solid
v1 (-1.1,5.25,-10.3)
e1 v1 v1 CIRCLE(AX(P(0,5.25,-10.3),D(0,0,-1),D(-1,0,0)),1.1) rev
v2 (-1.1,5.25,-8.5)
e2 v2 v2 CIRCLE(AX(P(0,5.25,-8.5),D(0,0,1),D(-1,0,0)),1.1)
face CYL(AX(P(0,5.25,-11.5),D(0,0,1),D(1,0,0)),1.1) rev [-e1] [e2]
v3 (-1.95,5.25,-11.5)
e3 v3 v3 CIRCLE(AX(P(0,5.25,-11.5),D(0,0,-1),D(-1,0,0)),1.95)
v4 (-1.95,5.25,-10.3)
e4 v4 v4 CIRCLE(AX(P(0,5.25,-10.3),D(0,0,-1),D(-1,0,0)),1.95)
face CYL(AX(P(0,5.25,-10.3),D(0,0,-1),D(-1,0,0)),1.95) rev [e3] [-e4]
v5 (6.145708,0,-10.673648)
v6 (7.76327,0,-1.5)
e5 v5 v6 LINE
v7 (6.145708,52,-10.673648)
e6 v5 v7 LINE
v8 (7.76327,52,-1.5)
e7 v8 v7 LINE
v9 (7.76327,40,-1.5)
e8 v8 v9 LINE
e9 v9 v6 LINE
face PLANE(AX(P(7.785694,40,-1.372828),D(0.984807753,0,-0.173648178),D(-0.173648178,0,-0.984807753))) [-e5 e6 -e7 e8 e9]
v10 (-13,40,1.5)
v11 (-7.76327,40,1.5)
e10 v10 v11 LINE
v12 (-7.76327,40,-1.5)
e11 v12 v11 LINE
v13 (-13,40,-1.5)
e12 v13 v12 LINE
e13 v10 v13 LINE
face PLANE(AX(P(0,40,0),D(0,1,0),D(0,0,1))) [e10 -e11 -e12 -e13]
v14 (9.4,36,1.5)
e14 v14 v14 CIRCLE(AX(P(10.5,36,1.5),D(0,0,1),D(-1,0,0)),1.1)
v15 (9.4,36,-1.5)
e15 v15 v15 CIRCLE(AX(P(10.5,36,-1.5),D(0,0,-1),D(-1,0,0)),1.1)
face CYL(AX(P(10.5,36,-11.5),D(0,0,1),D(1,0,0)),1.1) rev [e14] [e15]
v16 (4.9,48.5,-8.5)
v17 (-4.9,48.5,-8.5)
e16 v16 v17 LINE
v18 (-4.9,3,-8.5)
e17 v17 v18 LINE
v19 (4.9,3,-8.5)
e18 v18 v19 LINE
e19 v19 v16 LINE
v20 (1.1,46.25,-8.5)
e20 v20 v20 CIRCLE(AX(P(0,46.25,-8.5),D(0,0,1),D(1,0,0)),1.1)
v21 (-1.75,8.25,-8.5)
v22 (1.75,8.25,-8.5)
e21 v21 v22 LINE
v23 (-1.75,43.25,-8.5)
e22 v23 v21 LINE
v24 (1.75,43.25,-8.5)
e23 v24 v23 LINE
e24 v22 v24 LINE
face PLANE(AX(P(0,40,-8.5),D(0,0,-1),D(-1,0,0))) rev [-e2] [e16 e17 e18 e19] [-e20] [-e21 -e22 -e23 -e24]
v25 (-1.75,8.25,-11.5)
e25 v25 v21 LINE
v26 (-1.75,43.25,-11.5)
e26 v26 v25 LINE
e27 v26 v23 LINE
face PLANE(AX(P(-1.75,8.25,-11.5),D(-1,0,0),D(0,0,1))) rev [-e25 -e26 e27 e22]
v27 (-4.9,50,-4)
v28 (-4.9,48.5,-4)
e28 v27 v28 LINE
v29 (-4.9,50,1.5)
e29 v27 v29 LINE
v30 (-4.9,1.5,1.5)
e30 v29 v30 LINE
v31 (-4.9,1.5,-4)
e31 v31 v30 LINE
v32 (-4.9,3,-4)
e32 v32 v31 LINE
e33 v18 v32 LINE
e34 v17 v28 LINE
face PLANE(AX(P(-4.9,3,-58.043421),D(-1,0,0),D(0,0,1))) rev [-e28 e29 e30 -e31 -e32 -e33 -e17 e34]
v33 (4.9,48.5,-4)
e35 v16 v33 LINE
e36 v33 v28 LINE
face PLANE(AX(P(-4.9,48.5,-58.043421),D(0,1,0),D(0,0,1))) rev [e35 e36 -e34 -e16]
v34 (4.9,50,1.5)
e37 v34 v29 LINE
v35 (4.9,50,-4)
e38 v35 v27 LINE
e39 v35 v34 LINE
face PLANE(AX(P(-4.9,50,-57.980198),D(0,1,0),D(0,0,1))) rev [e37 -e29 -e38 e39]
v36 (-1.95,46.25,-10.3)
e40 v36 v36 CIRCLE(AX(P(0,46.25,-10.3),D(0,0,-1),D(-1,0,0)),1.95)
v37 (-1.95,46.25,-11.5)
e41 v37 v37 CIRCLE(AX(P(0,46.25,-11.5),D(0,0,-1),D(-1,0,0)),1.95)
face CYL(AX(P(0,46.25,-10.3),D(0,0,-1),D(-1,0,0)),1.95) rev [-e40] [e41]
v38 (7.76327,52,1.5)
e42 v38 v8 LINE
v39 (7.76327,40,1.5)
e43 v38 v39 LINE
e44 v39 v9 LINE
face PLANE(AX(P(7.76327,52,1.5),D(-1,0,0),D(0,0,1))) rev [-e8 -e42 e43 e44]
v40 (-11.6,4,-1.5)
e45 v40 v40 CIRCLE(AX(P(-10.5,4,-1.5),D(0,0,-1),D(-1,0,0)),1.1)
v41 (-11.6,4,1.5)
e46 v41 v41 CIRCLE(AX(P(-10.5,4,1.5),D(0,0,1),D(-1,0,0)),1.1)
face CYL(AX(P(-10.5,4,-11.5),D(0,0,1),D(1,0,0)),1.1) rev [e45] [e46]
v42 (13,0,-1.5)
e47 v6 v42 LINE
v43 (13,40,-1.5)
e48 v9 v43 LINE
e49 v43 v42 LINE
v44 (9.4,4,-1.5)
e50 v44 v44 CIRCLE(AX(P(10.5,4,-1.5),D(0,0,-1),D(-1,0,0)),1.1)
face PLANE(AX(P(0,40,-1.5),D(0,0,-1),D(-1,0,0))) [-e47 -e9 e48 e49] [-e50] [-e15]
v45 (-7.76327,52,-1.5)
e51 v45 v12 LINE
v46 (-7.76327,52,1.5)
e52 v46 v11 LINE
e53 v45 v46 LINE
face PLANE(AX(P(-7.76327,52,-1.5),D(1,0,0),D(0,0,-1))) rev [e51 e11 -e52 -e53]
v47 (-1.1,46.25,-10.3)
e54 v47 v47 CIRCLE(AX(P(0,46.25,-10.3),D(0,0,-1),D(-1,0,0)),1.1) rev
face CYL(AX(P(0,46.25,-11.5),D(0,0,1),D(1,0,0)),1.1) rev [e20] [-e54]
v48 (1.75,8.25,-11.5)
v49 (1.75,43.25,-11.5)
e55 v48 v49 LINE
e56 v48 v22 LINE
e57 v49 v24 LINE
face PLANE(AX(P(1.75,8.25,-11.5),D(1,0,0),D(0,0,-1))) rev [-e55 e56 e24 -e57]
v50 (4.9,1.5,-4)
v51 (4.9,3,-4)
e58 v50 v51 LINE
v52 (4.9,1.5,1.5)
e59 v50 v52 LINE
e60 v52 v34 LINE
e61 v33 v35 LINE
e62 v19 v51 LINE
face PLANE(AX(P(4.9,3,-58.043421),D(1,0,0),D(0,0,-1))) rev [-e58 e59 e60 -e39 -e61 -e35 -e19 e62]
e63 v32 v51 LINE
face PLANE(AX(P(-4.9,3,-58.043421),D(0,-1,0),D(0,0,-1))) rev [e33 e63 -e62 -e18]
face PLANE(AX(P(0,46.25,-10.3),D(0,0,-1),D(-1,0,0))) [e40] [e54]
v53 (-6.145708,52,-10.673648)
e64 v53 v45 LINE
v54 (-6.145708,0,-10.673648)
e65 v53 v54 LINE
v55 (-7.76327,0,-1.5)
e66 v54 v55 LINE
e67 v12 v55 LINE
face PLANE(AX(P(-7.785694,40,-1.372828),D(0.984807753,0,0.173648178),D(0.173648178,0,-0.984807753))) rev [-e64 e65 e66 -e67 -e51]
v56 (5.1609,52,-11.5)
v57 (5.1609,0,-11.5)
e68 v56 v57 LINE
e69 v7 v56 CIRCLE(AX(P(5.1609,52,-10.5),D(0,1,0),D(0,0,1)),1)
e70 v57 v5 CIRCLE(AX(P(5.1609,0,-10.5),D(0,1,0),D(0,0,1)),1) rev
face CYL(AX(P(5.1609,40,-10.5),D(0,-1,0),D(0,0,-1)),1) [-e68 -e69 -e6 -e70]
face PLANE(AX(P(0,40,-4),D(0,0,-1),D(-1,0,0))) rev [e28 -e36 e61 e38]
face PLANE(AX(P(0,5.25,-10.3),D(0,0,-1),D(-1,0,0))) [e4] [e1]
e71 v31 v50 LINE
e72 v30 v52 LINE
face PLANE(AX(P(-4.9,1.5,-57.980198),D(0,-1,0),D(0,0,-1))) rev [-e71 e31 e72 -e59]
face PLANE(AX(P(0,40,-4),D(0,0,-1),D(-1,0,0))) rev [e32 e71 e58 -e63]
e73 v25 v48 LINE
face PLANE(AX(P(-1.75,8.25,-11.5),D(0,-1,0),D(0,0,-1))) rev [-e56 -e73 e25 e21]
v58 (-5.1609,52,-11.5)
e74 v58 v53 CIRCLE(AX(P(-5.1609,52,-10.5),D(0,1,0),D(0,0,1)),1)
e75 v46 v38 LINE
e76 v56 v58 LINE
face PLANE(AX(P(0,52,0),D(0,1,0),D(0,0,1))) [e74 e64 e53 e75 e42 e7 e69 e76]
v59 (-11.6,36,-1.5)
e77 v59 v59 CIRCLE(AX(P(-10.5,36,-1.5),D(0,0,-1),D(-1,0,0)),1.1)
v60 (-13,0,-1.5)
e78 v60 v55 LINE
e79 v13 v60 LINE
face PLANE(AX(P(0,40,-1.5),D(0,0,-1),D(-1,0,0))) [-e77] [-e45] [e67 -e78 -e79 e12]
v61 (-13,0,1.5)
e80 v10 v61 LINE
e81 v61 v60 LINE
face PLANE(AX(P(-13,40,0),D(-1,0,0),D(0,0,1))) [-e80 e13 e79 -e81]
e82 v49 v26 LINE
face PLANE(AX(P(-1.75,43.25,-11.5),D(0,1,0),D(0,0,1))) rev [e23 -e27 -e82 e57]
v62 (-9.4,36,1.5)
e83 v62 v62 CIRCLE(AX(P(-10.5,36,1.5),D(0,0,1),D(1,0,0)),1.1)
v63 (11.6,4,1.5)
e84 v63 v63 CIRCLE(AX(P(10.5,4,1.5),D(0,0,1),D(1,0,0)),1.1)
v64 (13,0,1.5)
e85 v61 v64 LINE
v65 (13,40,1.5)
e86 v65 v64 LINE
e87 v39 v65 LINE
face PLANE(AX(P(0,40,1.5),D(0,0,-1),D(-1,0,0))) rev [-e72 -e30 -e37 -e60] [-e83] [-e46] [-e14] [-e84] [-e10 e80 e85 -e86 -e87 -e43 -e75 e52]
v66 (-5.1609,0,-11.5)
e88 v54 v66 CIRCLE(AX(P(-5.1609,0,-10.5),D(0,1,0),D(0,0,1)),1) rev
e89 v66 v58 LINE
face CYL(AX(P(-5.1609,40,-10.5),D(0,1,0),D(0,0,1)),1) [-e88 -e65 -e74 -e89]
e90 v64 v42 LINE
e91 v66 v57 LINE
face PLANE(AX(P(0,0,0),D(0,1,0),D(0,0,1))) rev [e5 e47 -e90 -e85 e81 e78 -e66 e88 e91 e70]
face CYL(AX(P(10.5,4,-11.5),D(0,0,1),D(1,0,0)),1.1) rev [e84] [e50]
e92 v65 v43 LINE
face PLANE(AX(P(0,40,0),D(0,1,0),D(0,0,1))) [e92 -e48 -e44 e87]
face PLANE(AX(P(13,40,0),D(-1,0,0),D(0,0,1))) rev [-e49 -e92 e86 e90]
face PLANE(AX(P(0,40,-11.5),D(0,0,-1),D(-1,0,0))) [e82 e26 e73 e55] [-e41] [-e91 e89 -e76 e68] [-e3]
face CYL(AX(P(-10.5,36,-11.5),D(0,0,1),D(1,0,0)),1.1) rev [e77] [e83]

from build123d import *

# Parameters (mm, degrees)
EXTRUDE_1_DEPTH     = 40
EXTRUDE_2_DEPTH     = 12
SKETCH_3_W          = 9.8
SKETCH_3_H          = 45.5
CUT_EXTRUDE_1_DEPTH = 10
SKETCH_4_W          = 9.8
SKETCH_4_H          = 48.5
CUT_EXTRUDE_2_DEPTH = 5.5
SKETCH_5_R          = 1.1
CUT_EXTRUDE_3_DEPTH = 56.154328933
SKETCH_6_W          = 3.5
SKETCH_6_H          = 35
CUT_EXTRUDE_4_DEPTH = 55.525223521
SKETCH_7_R          = 1.1
CUT_EXTRUDE_5_DEPTH = 55.525223521
SKETCH_8_R          = 1.95
CUT_EXTRUDE_6_DEPTH = 1.2
FILLET_2_R          = 1


with BuildPart() as part:
    # 草图1 → 凸台-拉伸1 (new body)
    with BuildSketch(Plane(origin=(0, 0, 0), x_dir=(1, 0, 0), z_dir=(0, 1, 0))):
        Polygon((-6, 11.5), (-7.763269807, 1.5), (7.763269807, 1.5), (6, 11.5), align=None)
        Polygon((-7.763269807, 1.5), (-8.292250749, -1.5), (8.292250749, -1.5), (7.763269807, 1.5), align=None)
        Polygon((-13, 1.5), (-13, -1.5), (-8.292250749, -1.5), (-7.763269807, 1.5), align=None)
        Polygon((7.763269807, 1.5), (8.292250749, -1.5), (13, -1.5), (13, 1.5), align=None)
    extrude(amount=EXTRUDE_1_DEPTH)

    # 草图2 → 凸台-拉伸2 (add)
    with BuildSketch(Plane(origin=(0, 40, 0), x_dir=(1, 0, 0), z_dir=(0, 1, 0))):
        Polygon((6, 11.5), (7.763269807, 1.5), (7.763269807, -1.5), (-7.763269807, -1.5), (-7.763269807, 1.5), (-6, 11.5), align=None)
    extrude(amount=EXTRUDE_2_DEPTH)

    # 草图3 → 切除-拉伸1 (cut)
    with BuildSketch(Plane.XY.offset(1.5)):
        with Locations((0, 25.75)):
            Rectangle(SKETCH_3_W, SKETCH_3_H)
    extrude(amount=-CUT_EXTRUDE_1_DEPTH, mode=Mode.SUBTRACT)

    # 草图4 → 切除-拉伸2 (cut)
    with BuildSketch(Plane.XY.offset(1.5)):
        with Locations((0, 25.75)):
            Rectangle(SKETCH_4_W, SKETCH_4_H)
    extrude(amount=-CUT_EXTRUDE_2_DEPTH, mode=Mode.SUBTRACT)

    # 草图5 → 切除-拉伸3 (cut, through all)
    with BuildSketch(Plane.XY.offset(1.5)):
        with Locations((-10.5, 36)):
            Circle(SKETCH_5_R)
        with Locations(Location((-10.5, 4, 0), (0, 0, 180))):
            Circle(SKETCH_5_R)
        with Locations((10.5, 4)):
            Circle(SKETCH_5_R)
        with Locations(Location((10.5, 36, 0), (0, 0, 180))):
            Circle(SKETCH_5_R)
    extrude(amount=-CUT_EXTRUDE_3_DEPTH, mode=Mode.SUBTRACT)

    # 草图6 → 切除-拉伸4 (cut, through all)
    with BuildSketch(Plane.XY.offset(-8.5)):
        with Locations((0, 25.75)):
            Rectangle(SKETCH_6_W, SKETCH_6_H)
    extrude(amount=-CUT_EXTRUDE_4_DEPTH, mode=Mode.SUBTRACT)

    # 草图7 → 切除-拉伸5 (cut, through all)
    with BuildSketch(Plane.XY.offset(-8.5)):
        with Locations((0, 46.25)):
            Circle(SKETCH_7_R)
        with Locations(Location((0, 5.25, 0), (0, 0, 180))):
            Circle(SKETCH_7_R)
    extrude(amount=-CUT_EXTRUDE_5_DEPTH, mode=Mode.SUBTRACT)

    # 草图8 → 切除-拉伸6 (cut)
    with BuildSketch(Plane(origin=(0, 0, -11.5), x_dir=(-1, 0, 0), z_dir=(0, 0, -1))):
        with Locations((0, 46.25)):
            Circle(SKETCH_8_R)
        with Locations((0, 5.25)):
            Circle(SKETCH_8_R)
    extrude(amount=-CUT_EXTRUDE_6_DEPTH, mode=Mode.SUBTRACT)

    # 圆角2
    fillet_2_edges = [part.edges().sort_by_distance(p)[0] for p in [
        (6, 26, -11.5),
        (-6, 26, -11.5),
    ]]
    fillet(fillet_2_edges, radius=FILLET_2_R)


solid = part.part
